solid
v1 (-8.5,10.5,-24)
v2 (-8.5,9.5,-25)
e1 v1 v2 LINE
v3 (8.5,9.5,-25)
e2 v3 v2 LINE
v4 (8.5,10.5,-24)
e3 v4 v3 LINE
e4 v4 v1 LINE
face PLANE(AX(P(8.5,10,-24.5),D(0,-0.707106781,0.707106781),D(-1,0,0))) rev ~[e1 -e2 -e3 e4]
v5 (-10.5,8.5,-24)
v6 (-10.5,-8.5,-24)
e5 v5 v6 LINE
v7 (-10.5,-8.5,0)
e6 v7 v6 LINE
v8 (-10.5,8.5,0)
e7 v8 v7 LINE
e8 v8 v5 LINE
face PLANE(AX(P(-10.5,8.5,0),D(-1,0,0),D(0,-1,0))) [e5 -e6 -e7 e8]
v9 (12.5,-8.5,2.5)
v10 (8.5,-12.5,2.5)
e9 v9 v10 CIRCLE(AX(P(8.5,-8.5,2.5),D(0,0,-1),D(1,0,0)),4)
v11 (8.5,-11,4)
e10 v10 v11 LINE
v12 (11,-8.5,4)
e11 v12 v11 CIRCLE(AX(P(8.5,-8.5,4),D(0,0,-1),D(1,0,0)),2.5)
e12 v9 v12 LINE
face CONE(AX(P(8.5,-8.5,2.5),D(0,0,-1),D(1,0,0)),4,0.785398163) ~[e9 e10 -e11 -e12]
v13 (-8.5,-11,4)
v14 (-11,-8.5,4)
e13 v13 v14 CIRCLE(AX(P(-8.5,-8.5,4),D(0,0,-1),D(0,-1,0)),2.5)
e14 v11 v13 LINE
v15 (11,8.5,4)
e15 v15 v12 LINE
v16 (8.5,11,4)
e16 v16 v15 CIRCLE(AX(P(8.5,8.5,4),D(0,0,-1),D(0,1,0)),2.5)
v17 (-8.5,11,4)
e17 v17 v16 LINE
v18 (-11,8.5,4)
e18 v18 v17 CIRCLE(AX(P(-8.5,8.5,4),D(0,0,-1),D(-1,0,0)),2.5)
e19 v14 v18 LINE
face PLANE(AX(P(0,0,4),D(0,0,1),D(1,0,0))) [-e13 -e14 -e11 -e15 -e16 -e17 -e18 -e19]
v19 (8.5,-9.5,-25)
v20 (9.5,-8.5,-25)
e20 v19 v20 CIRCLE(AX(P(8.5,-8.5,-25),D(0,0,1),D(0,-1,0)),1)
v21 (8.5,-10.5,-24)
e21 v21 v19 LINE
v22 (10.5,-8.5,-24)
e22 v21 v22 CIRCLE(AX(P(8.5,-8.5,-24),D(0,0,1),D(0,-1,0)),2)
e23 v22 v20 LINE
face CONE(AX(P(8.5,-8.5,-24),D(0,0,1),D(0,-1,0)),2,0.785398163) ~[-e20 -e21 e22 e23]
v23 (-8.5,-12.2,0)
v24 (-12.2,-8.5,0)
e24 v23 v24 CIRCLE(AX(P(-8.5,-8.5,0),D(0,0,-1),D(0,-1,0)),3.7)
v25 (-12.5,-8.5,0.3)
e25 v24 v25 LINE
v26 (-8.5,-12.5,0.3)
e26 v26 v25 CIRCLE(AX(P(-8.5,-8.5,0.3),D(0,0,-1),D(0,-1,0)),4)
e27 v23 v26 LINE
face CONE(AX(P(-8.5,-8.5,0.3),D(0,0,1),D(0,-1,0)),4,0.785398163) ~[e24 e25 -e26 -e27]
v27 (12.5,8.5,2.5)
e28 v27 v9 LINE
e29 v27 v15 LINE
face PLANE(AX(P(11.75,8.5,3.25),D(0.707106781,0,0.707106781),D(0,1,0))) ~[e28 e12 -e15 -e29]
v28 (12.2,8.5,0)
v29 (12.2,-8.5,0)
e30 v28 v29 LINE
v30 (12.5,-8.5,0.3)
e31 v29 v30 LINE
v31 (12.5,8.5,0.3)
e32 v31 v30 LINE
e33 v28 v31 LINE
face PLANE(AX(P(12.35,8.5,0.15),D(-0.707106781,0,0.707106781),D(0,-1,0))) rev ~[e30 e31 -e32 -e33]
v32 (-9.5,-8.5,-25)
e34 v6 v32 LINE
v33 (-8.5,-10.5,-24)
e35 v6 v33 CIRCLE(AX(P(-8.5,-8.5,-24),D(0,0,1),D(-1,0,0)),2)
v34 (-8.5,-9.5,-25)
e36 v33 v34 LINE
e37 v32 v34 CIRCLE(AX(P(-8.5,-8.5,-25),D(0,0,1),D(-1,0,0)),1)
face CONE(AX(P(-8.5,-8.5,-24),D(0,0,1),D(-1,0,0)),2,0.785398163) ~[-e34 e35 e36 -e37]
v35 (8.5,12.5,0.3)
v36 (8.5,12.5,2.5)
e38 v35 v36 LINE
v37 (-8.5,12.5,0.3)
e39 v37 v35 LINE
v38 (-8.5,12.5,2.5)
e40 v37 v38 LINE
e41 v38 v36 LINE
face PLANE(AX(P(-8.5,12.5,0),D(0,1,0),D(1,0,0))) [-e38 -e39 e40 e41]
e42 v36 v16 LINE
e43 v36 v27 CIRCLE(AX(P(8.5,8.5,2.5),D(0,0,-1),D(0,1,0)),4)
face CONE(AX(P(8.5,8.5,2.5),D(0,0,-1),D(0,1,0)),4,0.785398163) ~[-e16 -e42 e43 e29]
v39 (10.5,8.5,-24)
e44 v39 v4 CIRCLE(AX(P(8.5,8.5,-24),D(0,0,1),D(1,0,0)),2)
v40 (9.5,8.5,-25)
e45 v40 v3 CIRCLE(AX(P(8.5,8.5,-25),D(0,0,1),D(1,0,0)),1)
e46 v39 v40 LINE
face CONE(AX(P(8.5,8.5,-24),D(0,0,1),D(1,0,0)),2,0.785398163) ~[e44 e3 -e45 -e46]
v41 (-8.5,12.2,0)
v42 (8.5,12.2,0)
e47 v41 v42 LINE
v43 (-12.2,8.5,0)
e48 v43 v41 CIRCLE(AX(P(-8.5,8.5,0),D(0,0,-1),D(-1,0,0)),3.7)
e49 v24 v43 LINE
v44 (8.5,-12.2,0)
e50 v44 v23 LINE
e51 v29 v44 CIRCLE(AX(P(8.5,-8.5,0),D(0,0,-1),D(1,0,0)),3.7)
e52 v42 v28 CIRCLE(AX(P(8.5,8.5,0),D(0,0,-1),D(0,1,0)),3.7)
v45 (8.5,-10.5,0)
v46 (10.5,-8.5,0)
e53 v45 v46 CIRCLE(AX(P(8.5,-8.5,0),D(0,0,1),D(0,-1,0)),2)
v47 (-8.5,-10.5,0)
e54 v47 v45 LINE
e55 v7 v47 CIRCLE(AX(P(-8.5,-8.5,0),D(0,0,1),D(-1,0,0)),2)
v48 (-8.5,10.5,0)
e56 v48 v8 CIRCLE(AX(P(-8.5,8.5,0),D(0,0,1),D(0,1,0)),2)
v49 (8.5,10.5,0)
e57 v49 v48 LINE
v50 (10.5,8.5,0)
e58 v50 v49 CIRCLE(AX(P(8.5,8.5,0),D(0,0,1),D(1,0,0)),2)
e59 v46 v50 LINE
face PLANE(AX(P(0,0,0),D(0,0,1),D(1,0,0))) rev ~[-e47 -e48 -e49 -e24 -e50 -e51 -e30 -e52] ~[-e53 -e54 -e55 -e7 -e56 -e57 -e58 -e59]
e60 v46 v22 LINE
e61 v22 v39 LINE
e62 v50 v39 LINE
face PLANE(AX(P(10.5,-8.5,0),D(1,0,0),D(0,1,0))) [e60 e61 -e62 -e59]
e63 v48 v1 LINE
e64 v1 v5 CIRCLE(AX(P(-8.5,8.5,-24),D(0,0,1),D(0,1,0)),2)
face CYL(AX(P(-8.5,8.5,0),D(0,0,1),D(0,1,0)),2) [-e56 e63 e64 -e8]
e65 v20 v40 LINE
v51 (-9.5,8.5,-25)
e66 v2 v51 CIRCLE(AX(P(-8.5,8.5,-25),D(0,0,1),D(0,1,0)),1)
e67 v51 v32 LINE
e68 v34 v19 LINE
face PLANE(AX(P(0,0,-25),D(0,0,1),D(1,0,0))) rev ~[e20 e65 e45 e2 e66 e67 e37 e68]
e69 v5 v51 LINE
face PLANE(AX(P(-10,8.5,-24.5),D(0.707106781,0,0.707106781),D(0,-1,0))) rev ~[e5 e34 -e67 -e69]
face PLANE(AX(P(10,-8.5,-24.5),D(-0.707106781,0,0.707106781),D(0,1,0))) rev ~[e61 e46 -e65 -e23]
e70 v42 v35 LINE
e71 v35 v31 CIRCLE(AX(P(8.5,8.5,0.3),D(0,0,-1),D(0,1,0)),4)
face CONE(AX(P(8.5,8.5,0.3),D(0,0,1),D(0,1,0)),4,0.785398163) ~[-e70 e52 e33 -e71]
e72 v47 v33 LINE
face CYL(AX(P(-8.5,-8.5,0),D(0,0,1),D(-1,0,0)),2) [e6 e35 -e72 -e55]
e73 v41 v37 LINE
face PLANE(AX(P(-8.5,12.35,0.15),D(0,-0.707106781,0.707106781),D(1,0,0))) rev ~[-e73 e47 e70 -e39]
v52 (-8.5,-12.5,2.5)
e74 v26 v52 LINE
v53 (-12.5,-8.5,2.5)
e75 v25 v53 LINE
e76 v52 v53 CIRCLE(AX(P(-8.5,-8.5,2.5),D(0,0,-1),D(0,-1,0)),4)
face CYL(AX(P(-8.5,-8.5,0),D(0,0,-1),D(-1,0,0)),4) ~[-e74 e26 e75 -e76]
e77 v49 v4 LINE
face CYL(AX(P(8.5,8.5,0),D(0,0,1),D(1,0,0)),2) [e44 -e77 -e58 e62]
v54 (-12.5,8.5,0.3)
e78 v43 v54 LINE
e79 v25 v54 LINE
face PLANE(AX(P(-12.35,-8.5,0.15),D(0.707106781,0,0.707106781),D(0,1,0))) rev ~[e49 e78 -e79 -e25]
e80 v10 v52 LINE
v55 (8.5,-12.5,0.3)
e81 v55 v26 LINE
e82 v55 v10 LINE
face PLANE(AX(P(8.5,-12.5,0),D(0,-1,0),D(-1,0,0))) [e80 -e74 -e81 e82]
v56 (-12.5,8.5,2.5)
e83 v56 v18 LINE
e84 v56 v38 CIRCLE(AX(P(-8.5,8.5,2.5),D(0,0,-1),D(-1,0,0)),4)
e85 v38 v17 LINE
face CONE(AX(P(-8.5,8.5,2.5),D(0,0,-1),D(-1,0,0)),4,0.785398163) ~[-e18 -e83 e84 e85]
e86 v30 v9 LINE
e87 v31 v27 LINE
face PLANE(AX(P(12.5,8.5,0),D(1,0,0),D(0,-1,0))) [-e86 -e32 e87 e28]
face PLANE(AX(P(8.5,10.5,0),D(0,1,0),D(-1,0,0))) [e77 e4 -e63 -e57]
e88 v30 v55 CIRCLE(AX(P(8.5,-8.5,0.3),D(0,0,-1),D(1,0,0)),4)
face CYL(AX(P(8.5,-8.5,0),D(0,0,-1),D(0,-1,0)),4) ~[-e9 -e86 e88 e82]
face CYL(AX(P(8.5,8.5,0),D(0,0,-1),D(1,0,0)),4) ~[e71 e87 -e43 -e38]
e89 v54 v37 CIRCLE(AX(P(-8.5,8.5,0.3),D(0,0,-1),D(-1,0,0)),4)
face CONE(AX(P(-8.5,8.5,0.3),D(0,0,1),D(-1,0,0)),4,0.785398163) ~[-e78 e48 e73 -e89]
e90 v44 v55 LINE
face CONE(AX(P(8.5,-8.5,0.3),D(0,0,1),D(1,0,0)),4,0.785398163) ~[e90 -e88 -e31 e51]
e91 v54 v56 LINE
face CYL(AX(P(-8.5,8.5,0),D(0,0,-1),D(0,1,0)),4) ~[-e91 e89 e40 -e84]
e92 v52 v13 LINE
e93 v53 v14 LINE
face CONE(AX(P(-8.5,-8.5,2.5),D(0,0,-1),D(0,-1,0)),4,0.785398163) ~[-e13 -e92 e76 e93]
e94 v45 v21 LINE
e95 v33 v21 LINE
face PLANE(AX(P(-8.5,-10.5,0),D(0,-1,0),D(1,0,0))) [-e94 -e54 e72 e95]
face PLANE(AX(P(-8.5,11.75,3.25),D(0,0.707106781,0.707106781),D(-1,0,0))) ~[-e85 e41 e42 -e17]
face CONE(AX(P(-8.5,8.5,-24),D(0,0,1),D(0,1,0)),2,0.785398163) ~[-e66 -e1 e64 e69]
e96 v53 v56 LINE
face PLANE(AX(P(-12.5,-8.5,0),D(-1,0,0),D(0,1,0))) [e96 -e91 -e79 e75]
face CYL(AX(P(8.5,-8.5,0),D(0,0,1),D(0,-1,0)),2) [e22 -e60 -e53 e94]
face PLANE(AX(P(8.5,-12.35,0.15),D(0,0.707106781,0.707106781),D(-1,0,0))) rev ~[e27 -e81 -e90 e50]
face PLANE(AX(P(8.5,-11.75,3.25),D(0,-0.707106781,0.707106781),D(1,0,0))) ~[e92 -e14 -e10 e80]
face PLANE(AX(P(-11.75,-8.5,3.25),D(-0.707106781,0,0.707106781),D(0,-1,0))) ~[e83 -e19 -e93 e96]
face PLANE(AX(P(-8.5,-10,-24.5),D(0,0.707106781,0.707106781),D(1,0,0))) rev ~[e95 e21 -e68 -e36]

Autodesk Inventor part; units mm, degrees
ref_plane "YZ Plane" through (0, 0, 0) normal (1, 0, 0) x (0, 1, 0)
ref_plane "XZ Plane" through (0, 0, 0) normal (0, 1, 0) x (-1, 0, 0)
ref_plane "XY Plane" through (0, 0, 0) normal (0, 0, 1) x (1, 0, 0)
sketch "Sketch1" plane through (0, 0, 0) normal (0, 0, 1) x (1, 0, 0)
  line L0 (8.5, 10.5) -> (-8.5, 10.5) projected
  line L1 (8.5, 10.5) -> (-8.5, 10.5) projected
  arc A0 (10.5, 8.5) -> (8.5, 10.5) centre (8.5, 8.5) ccw projected
  line L2 (10.5, -8.5) -> (10.5, 8.5) projected
  arc A1 (8.5, -10.5) -> (10.5, -8.5) centre (8.5, -8.5) ccw projected
  line L3 (-8.5, -10.5) -> (8.5, -10.5) projected
  arc A2 (-10.5, -8.5) -> (-8.5, -10.5) centre (-8.5, -8.5) ccw projected
  line L4 (-10.5, 8.5) -> (-10.5, -8.5) projected
  arc A3 (-8.5, 10.5) -> (-10.5, 8.5) centre (-8.5, 8.5) ccw projected
  line L5 (-12.5, -8.5) -> (-12.5, 8.5) projected
  arc A4 (-12.5, -8.5) -> (-8.5, -12.5) centre (-8.5, -8.5) ccw projected
  line L6 (8.5, -12.5) -> (-8.5, -12.5) projected
  arc A5 (8.5, -12.5) -> (12.5, -8.5) centre (8.5, -8.5) ccw projected
  line L7 (12.5, 8.5) -> (12.5, -8.5) projected
  arc A6 (12.5, 8.5) -> (8.5, 12.5) centre (8.5, 8.5) ccw projected
  line L8 (-8.5, 12.5) -> (8.5, 12.5) projected
  arc A7 (-8.5, 12.5) -> (-12.5, 8.5) centre (-8.5, 8.5) ccw projected
  point P0 (0, 0)
extrude "Extrusion1" add sketch "Sketch1" against normal blind 25 contours A0 L2 A1 L3 A2 L4 A3 L0
sketch "Sketch2" plane through (0, 0, 0) normal (0, 0, 1) x (1, 0, 0)
  line L0 (8.5, 10.5) -> (-8.5, 10.5) projected
  arc A0 (10.5, 8.5) -> (8.5, 10.5) centre (8.5, 8.5) ccw projected
  line L1 (10.5, -8.5) -> (10.5, 8.5) projected
  arc A1 (8.5, -10.5) -> (10.5, -8.5) centre (8.5, -8.5) ccw projected
  line L2 (-8.5, -10.5) -> (8.5, -10.5) projected
  arc A2 (-10.5, -8.5) -> (-8.5, -10.5) centre (-8.5, -8.5) ccw projected
  line L3 (-10.5, 8.5) -> (-10.5, -8.5) projected
  arc A3 (-8.5, 10.5) -> (-10.5, 8.5) centre (-8.5, 8.5) ccw projected
  line L4 (-12.5, -8.5) -> (-12.5, 8.5) projected
  arc A4 (-12.5, -8.5) -> (-8.5, -12.5) centre (-8.5, -8.5) ccw projected
  line L5 (8.5, -12.5) -> (-8.5, -12.5) projected
  arc A5 (8.5, -12.5) -> (12.5, -8.5) centre (8.5, -8.5) ccw projected
  line L6 (12.5, 8.5) -> (12.5, -8.5) projected
  arc A6 (12.5, 8.5) -> (8.5, 12.5) centre (8.5, 8.5) ccw projected
  line L7 (-8.5, 12.5) -> (8.5, 12.5) projected
  arc A7 (-8.5, 12.5) -> (-12.5, 8.5) centre (-8.5, 8.5) ccw projected
  point P0 (0, 0)
extrude "Extrusion2" add sketch "Sketch2" along normal blind 4 contours A0 L1 A1 L2 A2 L3 A3 L0 | L4 A7 L7 A6 L6 A5 L5 A4
chamfer "Chamfer1" distance 1 angle 45 8 edges at (0, 10.5, -25) (9.9142, 9.9142, -25) (10.5, 0, -25) (9.9142, -9.9142, -25) (0, -10.5, -25) (-9.9142, -9.9142, -25) (-10.5, 0, -25) (-9.9142, 9.9142, -25)
chamfer "Chamfer2" distance 1.5 angle 45 8 edges at (0, 12.5, 4) (-11.3284, 11.3284, 4) (-12.5, 0, 4) (-11.3284, -11.3284, 4) (0, -12.5, 4) (11.3284, -11.3284, 4) (12.5, 0, 4) (11.3284, 11.3284, 4)
chamfer "Chamfer3" distance 0.3 angle 45 8 edges at (0, 12.5, 0) (11.3284, 11.3284, 0) (12.5, 0, 0) (11.3284, -11.3284, 0) (0, -12.5, 0) (-11.3284, -11.3284, 0) (-12.5, 0, 0) (-11.3284, 11.3284, 0)
properties part number "nút nhựa bit hộp thép 25x25"
